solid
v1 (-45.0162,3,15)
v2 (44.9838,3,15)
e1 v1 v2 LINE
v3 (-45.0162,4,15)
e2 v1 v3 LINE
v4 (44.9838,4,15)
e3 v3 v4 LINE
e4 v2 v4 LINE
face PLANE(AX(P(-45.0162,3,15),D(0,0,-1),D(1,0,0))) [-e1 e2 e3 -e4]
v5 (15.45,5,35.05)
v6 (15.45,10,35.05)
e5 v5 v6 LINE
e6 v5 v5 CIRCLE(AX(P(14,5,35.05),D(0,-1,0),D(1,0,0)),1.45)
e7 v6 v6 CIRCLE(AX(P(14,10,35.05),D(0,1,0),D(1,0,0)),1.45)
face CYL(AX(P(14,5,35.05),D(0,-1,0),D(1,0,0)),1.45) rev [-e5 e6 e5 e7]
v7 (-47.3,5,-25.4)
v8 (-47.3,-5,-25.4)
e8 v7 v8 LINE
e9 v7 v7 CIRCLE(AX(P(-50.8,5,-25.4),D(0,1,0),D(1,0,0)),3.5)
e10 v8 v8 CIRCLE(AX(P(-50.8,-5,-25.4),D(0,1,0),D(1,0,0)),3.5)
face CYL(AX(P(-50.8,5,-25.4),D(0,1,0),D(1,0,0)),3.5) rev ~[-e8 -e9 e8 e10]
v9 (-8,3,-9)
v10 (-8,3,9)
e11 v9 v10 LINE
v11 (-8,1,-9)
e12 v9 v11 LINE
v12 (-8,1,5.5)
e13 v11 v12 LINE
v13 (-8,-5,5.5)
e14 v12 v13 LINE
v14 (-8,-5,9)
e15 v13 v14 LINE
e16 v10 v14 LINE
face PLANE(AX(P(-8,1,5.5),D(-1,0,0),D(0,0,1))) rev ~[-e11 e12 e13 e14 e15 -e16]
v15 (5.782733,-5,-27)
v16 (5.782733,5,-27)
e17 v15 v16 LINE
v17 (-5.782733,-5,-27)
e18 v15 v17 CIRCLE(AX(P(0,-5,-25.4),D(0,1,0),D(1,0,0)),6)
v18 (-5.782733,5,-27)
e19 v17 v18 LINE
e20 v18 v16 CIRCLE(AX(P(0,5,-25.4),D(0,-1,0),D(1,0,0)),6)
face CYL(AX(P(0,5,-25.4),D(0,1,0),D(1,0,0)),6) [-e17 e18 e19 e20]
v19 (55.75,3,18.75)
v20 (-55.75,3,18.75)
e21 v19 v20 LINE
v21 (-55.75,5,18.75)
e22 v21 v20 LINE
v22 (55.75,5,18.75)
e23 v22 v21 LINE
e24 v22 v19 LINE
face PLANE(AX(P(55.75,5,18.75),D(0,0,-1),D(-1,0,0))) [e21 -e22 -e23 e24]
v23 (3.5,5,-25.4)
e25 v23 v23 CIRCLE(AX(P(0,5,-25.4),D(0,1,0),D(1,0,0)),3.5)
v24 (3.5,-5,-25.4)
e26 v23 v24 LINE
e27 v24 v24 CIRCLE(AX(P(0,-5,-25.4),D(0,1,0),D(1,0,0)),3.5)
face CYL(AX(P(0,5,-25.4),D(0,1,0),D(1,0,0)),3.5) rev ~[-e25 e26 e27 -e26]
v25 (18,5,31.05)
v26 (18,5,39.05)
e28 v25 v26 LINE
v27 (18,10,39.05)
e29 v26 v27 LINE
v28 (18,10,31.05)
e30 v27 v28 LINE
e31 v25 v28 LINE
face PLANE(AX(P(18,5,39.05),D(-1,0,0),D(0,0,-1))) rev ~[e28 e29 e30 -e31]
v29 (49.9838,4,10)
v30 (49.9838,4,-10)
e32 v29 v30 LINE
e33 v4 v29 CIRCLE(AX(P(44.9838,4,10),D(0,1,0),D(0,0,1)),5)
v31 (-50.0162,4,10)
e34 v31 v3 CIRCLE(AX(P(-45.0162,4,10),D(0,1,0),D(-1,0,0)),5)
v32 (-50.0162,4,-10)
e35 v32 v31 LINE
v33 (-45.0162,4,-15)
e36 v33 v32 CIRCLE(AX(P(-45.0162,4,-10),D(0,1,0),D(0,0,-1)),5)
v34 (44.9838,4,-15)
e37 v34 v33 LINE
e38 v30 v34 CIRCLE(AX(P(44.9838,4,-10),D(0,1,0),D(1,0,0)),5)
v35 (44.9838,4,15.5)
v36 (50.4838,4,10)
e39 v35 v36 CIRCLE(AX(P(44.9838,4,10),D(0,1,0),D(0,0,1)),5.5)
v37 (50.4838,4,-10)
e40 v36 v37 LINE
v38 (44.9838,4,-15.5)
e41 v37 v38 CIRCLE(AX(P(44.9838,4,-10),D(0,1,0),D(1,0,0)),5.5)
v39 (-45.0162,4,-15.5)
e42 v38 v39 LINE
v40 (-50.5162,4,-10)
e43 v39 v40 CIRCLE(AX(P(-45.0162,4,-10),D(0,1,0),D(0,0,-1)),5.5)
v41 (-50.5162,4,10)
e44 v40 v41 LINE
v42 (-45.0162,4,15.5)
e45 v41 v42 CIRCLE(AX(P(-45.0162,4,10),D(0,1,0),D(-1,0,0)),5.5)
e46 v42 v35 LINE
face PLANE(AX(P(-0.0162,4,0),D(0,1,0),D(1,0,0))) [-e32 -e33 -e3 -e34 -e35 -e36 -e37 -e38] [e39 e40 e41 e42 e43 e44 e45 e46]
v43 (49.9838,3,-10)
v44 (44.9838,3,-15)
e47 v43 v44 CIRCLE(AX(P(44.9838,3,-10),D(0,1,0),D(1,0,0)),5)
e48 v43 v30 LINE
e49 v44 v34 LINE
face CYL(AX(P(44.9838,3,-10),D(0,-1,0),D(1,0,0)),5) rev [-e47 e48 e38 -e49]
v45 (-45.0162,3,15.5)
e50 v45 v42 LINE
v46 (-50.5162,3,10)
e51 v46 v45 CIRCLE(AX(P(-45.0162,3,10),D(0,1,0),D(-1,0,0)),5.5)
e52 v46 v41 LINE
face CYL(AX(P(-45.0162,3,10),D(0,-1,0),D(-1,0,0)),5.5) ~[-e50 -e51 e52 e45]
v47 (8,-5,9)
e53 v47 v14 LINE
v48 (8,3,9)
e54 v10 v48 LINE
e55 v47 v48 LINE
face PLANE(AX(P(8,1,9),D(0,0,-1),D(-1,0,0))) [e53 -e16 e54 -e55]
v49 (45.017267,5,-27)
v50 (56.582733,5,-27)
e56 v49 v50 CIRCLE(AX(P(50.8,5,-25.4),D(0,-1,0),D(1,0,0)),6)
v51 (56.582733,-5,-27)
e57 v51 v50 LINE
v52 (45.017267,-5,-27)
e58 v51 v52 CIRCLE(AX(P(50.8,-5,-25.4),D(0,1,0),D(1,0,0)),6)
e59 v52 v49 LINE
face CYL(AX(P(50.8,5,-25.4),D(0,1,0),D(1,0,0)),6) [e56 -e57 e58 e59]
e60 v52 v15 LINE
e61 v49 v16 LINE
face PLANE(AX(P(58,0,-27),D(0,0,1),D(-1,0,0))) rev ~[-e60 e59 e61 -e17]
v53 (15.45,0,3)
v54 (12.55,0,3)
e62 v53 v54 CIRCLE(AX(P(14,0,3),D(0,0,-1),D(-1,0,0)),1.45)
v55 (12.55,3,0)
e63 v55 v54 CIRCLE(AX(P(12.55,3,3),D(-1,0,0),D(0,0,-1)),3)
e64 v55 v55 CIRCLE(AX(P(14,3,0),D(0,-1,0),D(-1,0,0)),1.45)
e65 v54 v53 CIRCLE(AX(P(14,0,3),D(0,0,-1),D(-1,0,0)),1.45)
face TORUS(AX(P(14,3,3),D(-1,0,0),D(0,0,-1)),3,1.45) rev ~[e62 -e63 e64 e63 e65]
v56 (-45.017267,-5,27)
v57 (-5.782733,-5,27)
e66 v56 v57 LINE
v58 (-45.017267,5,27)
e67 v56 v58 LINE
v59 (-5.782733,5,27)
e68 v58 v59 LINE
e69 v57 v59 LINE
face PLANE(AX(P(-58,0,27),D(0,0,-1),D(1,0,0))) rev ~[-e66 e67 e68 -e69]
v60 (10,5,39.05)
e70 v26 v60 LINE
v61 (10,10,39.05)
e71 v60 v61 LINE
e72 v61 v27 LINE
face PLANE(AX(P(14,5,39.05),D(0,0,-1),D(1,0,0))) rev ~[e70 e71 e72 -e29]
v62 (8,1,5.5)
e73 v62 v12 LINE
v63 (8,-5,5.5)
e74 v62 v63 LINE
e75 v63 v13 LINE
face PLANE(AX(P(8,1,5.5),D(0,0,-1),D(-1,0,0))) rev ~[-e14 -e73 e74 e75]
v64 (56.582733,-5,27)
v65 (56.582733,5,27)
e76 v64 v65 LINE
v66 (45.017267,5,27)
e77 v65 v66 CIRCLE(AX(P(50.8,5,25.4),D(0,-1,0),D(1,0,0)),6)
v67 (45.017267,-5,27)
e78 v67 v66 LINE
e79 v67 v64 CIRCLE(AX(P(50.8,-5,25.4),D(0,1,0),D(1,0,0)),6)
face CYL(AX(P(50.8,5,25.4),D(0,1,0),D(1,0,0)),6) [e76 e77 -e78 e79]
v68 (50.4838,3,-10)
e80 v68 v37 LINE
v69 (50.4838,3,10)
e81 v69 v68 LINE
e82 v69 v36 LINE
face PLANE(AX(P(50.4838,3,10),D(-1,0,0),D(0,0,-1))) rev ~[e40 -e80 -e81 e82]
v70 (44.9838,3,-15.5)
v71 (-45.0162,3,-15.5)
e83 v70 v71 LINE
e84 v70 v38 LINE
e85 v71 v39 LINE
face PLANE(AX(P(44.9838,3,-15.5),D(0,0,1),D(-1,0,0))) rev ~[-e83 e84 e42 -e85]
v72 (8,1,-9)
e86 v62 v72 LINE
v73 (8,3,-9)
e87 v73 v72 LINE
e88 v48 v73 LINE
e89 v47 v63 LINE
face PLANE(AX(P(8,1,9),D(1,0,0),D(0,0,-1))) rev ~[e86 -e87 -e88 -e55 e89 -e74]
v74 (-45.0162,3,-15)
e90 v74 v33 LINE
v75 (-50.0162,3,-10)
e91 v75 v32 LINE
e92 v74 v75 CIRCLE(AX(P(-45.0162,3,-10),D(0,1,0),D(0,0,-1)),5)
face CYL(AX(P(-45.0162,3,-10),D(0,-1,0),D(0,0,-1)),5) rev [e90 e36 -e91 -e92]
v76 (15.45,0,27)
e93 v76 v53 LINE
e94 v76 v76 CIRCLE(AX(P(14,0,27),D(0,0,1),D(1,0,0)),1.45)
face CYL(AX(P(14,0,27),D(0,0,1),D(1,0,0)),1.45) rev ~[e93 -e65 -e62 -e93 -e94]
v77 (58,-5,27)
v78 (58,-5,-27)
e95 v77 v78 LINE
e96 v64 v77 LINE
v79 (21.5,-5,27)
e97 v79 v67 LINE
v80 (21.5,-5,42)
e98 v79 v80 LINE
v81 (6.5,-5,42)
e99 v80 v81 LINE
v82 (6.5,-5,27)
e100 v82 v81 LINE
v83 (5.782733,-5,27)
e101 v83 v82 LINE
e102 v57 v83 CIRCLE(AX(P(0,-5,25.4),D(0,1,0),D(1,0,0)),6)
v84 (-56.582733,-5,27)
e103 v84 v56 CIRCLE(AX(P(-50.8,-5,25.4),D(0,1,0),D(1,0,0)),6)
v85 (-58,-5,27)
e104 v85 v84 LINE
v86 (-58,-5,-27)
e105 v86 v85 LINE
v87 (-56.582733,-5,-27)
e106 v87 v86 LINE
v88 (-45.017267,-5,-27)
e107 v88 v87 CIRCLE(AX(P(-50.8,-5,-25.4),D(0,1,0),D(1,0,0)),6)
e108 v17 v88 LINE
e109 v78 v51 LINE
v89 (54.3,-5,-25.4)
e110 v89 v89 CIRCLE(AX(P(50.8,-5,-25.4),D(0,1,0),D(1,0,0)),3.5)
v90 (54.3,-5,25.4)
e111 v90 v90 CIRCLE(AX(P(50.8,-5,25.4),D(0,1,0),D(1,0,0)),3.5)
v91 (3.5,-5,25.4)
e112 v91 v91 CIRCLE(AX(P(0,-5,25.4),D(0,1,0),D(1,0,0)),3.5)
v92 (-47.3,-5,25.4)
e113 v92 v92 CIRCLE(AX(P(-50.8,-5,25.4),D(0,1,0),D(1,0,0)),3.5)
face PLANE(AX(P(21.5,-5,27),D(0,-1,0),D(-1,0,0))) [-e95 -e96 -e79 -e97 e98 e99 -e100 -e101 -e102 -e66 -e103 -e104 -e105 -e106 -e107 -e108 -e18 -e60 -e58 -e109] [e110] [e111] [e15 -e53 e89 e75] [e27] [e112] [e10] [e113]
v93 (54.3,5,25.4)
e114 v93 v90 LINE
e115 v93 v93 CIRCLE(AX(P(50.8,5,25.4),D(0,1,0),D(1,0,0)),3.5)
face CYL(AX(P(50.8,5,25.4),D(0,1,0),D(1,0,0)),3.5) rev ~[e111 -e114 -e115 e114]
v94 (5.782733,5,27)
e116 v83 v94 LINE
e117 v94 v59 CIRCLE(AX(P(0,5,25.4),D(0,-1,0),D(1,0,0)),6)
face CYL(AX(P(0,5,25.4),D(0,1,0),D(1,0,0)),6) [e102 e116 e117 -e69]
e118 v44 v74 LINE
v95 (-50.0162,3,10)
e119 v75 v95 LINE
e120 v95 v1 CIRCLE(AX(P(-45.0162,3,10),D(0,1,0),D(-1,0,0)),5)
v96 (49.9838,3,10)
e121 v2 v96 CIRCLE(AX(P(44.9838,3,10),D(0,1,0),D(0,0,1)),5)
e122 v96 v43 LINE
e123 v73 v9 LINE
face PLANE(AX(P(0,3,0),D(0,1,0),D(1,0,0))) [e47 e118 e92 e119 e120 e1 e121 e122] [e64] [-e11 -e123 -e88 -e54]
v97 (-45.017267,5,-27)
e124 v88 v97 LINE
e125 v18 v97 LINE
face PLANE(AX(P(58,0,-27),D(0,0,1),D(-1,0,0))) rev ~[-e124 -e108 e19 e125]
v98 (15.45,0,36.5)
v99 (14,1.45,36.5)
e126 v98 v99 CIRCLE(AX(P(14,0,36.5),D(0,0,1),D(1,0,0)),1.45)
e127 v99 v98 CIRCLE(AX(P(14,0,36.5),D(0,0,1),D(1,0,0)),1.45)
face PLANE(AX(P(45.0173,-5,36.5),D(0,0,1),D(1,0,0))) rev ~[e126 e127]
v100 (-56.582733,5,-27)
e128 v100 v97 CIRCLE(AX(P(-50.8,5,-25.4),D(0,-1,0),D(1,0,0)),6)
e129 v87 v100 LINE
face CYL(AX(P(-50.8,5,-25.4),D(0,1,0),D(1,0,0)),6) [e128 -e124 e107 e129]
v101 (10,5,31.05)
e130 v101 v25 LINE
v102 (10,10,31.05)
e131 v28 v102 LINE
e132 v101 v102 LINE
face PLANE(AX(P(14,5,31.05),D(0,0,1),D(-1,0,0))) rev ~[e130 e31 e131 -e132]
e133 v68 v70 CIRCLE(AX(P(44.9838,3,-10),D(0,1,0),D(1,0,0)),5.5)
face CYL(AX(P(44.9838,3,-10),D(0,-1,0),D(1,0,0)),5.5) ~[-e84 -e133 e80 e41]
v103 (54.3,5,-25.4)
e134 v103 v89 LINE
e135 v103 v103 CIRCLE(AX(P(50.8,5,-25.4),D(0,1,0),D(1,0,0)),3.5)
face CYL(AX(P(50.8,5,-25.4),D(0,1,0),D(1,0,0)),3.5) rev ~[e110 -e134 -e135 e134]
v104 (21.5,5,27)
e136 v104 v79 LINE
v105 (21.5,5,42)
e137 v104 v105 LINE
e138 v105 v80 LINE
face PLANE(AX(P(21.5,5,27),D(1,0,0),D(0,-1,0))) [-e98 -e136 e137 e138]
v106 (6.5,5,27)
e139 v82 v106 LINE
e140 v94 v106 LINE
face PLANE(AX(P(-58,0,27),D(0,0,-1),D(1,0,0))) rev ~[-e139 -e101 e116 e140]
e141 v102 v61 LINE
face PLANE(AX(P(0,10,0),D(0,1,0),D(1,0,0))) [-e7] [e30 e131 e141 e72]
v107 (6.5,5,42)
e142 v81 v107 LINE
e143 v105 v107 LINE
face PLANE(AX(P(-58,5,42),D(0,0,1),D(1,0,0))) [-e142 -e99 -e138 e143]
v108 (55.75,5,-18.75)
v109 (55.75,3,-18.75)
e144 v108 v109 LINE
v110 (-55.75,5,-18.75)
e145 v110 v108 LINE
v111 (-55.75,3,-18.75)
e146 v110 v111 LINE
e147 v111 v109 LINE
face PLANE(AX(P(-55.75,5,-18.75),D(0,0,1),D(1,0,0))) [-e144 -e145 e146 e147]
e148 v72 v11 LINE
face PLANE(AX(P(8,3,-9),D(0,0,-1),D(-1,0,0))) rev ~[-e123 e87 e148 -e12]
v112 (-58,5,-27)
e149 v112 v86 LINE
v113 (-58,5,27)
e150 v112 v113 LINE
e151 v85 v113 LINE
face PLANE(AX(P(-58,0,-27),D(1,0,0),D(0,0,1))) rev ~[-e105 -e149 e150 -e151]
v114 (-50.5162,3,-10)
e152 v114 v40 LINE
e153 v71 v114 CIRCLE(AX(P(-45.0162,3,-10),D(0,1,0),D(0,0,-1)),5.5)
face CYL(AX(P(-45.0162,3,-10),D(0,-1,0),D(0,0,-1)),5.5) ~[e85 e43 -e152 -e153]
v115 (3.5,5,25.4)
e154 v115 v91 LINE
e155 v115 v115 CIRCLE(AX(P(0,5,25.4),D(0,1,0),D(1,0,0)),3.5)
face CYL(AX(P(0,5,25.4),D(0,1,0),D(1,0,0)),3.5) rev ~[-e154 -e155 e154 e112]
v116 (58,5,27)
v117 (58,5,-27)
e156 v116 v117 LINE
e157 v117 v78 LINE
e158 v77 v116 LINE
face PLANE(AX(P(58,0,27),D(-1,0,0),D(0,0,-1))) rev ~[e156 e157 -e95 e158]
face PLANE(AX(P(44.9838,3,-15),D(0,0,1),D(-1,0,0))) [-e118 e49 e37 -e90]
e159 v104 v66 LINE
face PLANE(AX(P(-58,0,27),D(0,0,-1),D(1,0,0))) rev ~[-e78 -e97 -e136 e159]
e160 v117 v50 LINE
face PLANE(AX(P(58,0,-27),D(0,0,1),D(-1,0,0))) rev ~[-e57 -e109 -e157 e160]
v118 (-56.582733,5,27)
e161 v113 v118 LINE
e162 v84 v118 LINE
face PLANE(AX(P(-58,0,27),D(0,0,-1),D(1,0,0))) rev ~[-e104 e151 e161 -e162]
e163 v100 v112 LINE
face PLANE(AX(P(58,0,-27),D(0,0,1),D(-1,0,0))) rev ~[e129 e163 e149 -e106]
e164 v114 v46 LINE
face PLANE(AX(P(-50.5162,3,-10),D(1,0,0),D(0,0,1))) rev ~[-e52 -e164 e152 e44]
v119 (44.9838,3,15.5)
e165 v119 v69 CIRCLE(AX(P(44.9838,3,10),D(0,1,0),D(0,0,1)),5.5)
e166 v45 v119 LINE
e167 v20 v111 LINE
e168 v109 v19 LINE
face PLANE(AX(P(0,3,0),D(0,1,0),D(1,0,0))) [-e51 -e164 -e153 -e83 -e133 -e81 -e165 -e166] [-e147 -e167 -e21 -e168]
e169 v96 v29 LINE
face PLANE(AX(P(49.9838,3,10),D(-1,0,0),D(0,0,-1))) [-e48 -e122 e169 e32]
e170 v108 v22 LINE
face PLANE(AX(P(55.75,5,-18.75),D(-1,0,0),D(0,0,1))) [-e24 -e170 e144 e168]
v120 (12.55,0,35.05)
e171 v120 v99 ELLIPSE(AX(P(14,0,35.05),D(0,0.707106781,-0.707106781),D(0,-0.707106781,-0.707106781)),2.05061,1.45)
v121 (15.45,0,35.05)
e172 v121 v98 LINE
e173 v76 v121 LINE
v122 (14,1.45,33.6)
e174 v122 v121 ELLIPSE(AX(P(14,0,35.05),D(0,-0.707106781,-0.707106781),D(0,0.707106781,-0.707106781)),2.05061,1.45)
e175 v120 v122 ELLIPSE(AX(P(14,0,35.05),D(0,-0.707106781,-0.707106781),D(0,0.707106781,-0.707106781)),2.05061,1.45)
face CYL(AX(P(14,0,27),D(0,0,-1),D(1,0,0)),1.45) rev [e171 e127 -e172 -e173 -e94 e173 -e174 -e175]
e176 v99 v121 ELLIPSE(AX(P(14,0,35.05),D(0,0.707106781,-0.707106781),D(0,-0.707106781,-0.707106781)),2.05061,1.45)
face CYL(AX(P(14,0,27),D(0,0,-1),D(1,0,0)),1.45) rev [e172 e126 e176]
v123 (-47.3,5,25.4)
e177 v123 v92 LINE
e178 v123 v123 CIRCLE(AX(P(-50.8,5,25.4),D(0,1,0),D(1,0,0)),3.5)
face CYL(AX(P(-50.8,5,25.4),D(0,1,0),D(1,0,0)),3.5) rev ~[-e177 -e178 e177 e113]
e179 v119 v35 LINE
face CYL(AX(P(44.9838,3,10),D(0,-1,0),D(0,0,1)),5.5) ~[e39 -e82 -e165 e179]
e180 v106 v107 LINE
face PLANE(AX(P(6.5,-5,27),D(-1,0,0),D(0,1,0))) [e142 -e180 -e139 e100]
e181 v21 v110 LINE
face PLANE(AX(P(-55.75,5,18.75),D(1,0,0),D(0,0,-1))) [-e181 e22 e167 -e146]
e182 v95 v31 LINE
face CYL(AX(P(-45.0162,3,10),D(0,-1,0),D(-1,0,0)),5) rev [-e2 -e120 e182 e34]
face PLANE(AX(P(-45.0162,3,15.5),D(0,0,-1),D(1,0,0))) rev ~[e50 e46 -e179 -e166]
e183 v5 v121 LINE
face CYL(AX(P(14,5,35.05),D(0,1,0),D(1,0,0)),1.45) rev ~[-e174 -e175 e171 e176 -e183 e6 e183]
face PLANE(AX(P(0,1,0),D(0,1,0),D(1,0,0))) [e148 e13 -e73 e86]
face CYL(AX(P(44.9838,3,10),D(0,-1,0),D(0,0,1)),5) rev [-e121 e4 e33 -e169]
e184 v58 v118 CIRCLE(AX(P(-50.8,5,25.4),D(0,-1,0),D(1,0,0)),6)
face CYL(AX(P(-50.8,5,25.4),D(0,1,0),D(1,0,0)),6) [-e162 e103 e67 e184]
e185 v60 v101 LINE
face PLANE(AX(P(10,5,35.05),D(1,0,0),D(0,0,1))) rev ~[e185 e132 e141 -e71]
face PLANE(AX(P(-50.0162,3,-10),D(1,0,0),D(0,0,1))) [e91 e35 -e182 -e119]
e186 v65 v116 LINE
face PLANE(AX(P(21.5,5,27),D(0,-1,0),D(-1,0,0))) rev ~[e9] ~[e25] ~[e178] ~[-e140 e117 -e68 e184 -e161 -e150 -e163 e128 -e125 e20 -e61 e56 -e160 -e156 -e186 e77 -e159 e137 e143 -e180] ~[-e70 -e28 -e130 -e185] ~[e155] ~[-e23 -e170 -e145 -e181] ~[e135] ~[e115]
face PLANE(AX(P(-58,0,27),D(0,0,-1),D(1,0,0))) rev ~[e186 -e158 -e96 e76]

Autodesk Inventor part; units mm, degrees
ref_plane "YZ Plane" through (0, 0, 0) normal (1, 0, 0) x (0, 1, 0)
ref_plane "XZ Plane" through (0, 0, 0) normal (0, 1, 0) x (-1, 0, 0)
ref_plane "XY Plane" through (0, 0, 0) normal (0, 0, 1) x (1, 0, 0)
sketch "Sketch1" plane through (0, 0, 0) normal (0, 1, 0) x (-1, 0, 0)
  line L0 (58, 27) -> (-58, 27)
  line L1 (-58, 27) -> (-58, -27)
  line L2 (-58, -27) -> (58, -27)
  line L3 (58, -27) -> (58, 27)
  line L4 (58, 27) -> (-58, -27) construction
  line L5 (-58, 27) -> (58, -27) construction
  point P0 (0, 0)
  dimension "d0" = 116
  dimension "d1" = 54
extrude "Body" add sketch "Sketch1" along normal mid plane 10
sketch "Sketch2" plane through (0, 5, 0) normal (0, 1, 0) x (1, 0, 0)
  line L0 (-55.75, 18.75) -> (55.75, 18.75)
  line L1 (55.75, 18.75) -> (55.75, -18.75)
  line L2 (55.75, -18.75) -> (-55.75, -18.75)
  line L3 (-55.75, -18.75) -> (-55.75, 18.75)
  line L4 (-55.75, 18.75) -> (55.75, -18.75) construction
  line L5 (55.75, 18.75) -> (-55.75, -18.75) construction
  point P0 (0, 0)
  dimension "d4" = 111.5
  dimension "d5" = 37.5
extrude "Top Socket" cut sketch "Sketch2" against normal blind 2
sketch "Sketch3" plane through (0, 3, 0) normal (0, 1, 0) x (1, 0, 0)
  line L0 (-8, -9) -> (8, -9)
  line L1 (8, -9) -> (8, 9)
  line L2 (8, 9) -> (-8, 9)
  line L3 (-8, 9) -> (-8, -9)
  line L4 (-8, -9) -> (8, 9) construction
  line L5 (8, -9) -> (-8, 9) construction
  point P0 (0, 0)
  dimension "d29" = 18
  dimension "d30" = 16
extrude "Photoelectrode Bay" cut sketch "Sketch3" against normal blind 2
sketch "Sketch4" plane through (0, 3, 0) normal (0, 1, 0) x (1, 0, 0)
  circle A0 centre (14, 0) radius 1.45
  line L0 (-55.75, -18.75) -> (-55.75, 18.75) projected
  line L1 (-55.75, 0) -> (55.75, 0)
  line L2 (55.75, 18.75) -> (55.75, -18.75) projected
  line L3 (-55.75, -3) -> (55.75, -3)
  line L4 (8, 9) -> (8, -9) projected
  point P0 (0, 0)
  dimension "d11" = 2.9
  dimension "d20" = 3
  dimension "d97" = 6
revolve "Ref elec" cut sketch "Sketch4" angle 90 about axis through (-55.75, 3, 3) along (-1, 0, 0) contours L1 A0 | A0 L1
sketch "Sketch7" plane through (-58, 5, 27) normal (0, 0, 1) x (1, 0, 0)
  circle A0 centre (72, -5) radius 1.45
  circle A1 centre (72, -5) radius 1.45 projected
  point P0 (58, -5)
  dimension "d21" = 2.9
extrude "Ref elec length" cut sketch "Sketch7" against normal up to surface (24 mm away)
sketch "Sketch8" plane through (-58, 5, 27) normal (0, 0, 1) x (1, 0, 0)
  line L0 (116, -10) -> (0, -10) projected
  line L1 (113.75, 0) -> (2.25, 0) projected
  line L2 (64.5, 0) -> (79.5, 0)
  line L3 (79.5, 0) -> (79.5, -10)
  line L4 (79.5, -10) -> (64.5, -10)
  line L5 (64.5, -10) -> (64.5, 0)
  line L6 (79.5, 0) -> (64.5, -10) construction
  line L7 (116, -10) -> (116, 0) projected
  point P0 (58, -5)
  point P1 (72, -5)
  point P2 (72, -10)
  dimension "d108" = 15
  dimension "d109" = 0
sketch "Sketch9" plane through (0, 1, 0) normal (0, 1, 0) x (1, 0, 0)
  line L0 (8, -9) -> (-8, -9) projected
  line L1 (8, -9) -> (-8, -9) projected
  line L2 (-8, -9) -> (8, -9)
  line L3 (8, -9) -> (8, -5.5)
  line L4 (8, -5.5) -> (-8, -5.5)
  line L5 (-8, -5.5) -> (-8, -9)
  dimension "d70" = 3.5
extrude "Photoelectrode Hole" cut sketch "Sketch9" against normal through all
sketch "Sketch12" plane through (0, 5, 0) normal (0, 1, 0) x (1, 0, 0)
  line L0 (58, 27) -> (-58, 27) projected
  circle A0 centre (-50.8, 25.4) radius 6
  line L1 (-58, -27) -> (-58, 27) projected
  line L2 (-58, 0) -> (58, 0)
  line L3 (58, 27) -> (58, -27) projected
  line L4 (-58, -27) -> (58, -27) projected
  line L5 (0, -27) -> (0, 27)
  circle A1 centre (50.8, 25.4) radius 6
  circle A2 centre (-50.8, -25.4) radius 6
  circle A3 centre (50.8, -25.4) radius 6
  line L6 (-50.8, 25.4) -> (50.8, 25.4)
  line L7 (-50.8, -25.4) -> (50.8, -25.4)
  circle A4 centre (0, 25.4) radius 6
  circle A5 centre (0, -25.4) radius 6
  point P0 (0, 0)
  dimension "d40" = 25.4
  dimension "d49" = 50.8
  dimension "d57" = 12
extrude "Screw clamp boss" add sketch "Sketch12" against normal up to surface (10 mm away) contours A1 L0 | L0 A1 | A4 L6 L5 L0 | L0 A4 | A5 L7 L5 | L5 L7 A5 | A4 L6 L5 | L5 L6 A4 | A3 L4 | L4 A3 | L5 L6 A4 L0 | L7 A5 L4 L5 | L5 L4 A5 L7 | A0 L0 | L0 A0 | A2 L4 | L4 A2 | L4 A5
sketch "Sketch15" plane through (0, 5, 0) normal (0, 1, 0) x (1, 0, 0)
  circle A0 centre (0, 25.4) radius 3.5
  arc A1 (5.7827, 27) -> (-5.7827, 27) centre (0, 25.4) ccw projected
  circle A2 centre (-50.8, 25.4) radius 3.5
  arc A3 (-45.0173, 27) -> (-56.5827, 27) centre (-50.8, 25.4) ccw projected
  line L0 (55.75, -18.75) -> (-55.75, -18.75) projected
  line L1 (0, -18.75) -> (0, 18.75)
  line L2 (-55.75, 18.75) -> (55.75, 18.75) projected
  line L3 (-58, 27) -> (-58, -27) projected
  line L4 (-58, 0) -> (58, 0)
  line L5 (58, -27) -> (58, 27) projected
  circle A4 centre (50.8, 25.4) radius 3.5
  circle A5 centre (0, -25.4) radius 3.5
  circle A6 centre (-50.8, -25.4) radius 3.5
  circle A7 centre (50.8, -25.4) radius 3.5
  point P0 (0, 0)
  dimension "d60" = 7
extrude "Screw Clamp Hole" cut sketch "Sketch15" against normal through all
sketch "Sketch18" plane through (-0.0162, 3, 0) normal (0, 1, 0) x (1, 0, 0)
  line L0 (-45, -15) -> (45, -15)
  line L1 (50, -10) -> (50, 10)
  line L2 (45, 15) -> (-45, 15)
  line L3 (-50, 10) -> (-50, -10)
  line L4 (-50, -15) -> (50, 15) construction
  line L5 (50, -15) -> (-50, 15) construction
  line L6 (-45, -15.5) -> (45, -15.5)
  line L7 (50.5, -10) -> (50.5, 10)
  line L8 (45, 15.5) -> (-45, 15.5)
  line L9 (-50.5, 10) -> (-50.5, -10)
  line L10 (-50.5, -15.5) -> (50.5, 15.5) construction
  line L11 (50.5, -15.5) -> (-50.5, 15.5) construction
  arc A0 (-50, -10) -> (-45, -15) centre (-45, -10) ccw
  arc A1 (45, -15) -> (50, -10) centre (45, -10) ccw
  arc A2 (50, 10) -> (45, 15) centre (45, 10) ccw
  arc A3 (-45, 15) -> (-50, 10) centre (-45, 10) ccw
  arc A4 (-50.5, -10) -> (-45, -15.5) centre (-45, -10) ccw
  arc A5 (45, -15.5) -> (50.5, -10) centre (45, -10) ccw
  arc A6 (50.5, 10) -> (45, 15.5) centre (45, 10) ccw
  arc A7 (-45, 15.5) -> (-50.5, 10) centre (-45, 10) ccw
  point P0 (0, 0)
  dimension "d83" = 100
  dimension "d84" = 30
  dimension "d85" = 0.5
  dimension "d86" = 0.5
  dimension "d87" = 5
  dimension "d88" = 5
  dimension "d89" = 5
  dimension "d90" = 5
  dimension "d91" = 5.5
  dimension "d92" = 5.5
  dimension "d93" = 5.5
  dimension "d94" = 5.5
extrude "Knife Edge" add sketch "Sketch18" along normal blind 1
extrude "Ref Electrode Outlet" add sketch "Sketch8" along normal blind 15
sketch "Sketch19" plane through (45.0173, -5, 27) normal (0, 0, 1) x (1, 0, 0)
  circle A0 centre (-31.0173, 5) radius 1.45
  circle A1 centre (-31.0173, 5) radius 1.45 projected
  line L0 (0, 10) -> (-39.2345, 10) projected
  line L1 (-29.5673, 10) -> (-18.6963, 10)
  line L2 (-23.5173, 10) -> (0, 10) projected
  point P0 (-45.0173, 5)
extrude "Extrusion22" cut sketch "Sketch19" along normal blind 9.5
sketch "Sketch20" plane through (0, 5, 0) normal (0, 1, 0) x (1, 0, 0)
  circle A0 centre (14, -35.05) radius 1.45
  circle A1 centre (14, 0) radius 1.45 projected
  line L0 (12.55, -36.5) -> (15.45, -36.5) projected
  point P0 (0, 0)
extrude "Extrusion23" cut sketch "Sketch20" against normal blind 5 contours A0
sketch "Sketch21" plane through (0, 5, 0) normal (0, 1, 0) x (1, 0, 0)
  circle A0 centre (14, -35.05) radius 4
  circle A1 centre (14, -35.05) radius 1.45 projected
  line L0 (10, -39.05) -> (18, -39.05)
  line L1 (18, -39.05) -> (18, -31.05)
  line L2 (18, -31.05) -> (10, -31.05)
  line L3 (10, -31.05) -> (10, -39.05)
  line L4 (10, -39.05) -> (18, -31.05) construction
  line L5 (18, -39.05) -> (10, -31.05) construction
  point P0 (0, 0)
  dimension "d105" = 8
extrude "Extrusion24" add sketch "Sketch21" along normal blind 5
properties part number "Bottom 6_12"
